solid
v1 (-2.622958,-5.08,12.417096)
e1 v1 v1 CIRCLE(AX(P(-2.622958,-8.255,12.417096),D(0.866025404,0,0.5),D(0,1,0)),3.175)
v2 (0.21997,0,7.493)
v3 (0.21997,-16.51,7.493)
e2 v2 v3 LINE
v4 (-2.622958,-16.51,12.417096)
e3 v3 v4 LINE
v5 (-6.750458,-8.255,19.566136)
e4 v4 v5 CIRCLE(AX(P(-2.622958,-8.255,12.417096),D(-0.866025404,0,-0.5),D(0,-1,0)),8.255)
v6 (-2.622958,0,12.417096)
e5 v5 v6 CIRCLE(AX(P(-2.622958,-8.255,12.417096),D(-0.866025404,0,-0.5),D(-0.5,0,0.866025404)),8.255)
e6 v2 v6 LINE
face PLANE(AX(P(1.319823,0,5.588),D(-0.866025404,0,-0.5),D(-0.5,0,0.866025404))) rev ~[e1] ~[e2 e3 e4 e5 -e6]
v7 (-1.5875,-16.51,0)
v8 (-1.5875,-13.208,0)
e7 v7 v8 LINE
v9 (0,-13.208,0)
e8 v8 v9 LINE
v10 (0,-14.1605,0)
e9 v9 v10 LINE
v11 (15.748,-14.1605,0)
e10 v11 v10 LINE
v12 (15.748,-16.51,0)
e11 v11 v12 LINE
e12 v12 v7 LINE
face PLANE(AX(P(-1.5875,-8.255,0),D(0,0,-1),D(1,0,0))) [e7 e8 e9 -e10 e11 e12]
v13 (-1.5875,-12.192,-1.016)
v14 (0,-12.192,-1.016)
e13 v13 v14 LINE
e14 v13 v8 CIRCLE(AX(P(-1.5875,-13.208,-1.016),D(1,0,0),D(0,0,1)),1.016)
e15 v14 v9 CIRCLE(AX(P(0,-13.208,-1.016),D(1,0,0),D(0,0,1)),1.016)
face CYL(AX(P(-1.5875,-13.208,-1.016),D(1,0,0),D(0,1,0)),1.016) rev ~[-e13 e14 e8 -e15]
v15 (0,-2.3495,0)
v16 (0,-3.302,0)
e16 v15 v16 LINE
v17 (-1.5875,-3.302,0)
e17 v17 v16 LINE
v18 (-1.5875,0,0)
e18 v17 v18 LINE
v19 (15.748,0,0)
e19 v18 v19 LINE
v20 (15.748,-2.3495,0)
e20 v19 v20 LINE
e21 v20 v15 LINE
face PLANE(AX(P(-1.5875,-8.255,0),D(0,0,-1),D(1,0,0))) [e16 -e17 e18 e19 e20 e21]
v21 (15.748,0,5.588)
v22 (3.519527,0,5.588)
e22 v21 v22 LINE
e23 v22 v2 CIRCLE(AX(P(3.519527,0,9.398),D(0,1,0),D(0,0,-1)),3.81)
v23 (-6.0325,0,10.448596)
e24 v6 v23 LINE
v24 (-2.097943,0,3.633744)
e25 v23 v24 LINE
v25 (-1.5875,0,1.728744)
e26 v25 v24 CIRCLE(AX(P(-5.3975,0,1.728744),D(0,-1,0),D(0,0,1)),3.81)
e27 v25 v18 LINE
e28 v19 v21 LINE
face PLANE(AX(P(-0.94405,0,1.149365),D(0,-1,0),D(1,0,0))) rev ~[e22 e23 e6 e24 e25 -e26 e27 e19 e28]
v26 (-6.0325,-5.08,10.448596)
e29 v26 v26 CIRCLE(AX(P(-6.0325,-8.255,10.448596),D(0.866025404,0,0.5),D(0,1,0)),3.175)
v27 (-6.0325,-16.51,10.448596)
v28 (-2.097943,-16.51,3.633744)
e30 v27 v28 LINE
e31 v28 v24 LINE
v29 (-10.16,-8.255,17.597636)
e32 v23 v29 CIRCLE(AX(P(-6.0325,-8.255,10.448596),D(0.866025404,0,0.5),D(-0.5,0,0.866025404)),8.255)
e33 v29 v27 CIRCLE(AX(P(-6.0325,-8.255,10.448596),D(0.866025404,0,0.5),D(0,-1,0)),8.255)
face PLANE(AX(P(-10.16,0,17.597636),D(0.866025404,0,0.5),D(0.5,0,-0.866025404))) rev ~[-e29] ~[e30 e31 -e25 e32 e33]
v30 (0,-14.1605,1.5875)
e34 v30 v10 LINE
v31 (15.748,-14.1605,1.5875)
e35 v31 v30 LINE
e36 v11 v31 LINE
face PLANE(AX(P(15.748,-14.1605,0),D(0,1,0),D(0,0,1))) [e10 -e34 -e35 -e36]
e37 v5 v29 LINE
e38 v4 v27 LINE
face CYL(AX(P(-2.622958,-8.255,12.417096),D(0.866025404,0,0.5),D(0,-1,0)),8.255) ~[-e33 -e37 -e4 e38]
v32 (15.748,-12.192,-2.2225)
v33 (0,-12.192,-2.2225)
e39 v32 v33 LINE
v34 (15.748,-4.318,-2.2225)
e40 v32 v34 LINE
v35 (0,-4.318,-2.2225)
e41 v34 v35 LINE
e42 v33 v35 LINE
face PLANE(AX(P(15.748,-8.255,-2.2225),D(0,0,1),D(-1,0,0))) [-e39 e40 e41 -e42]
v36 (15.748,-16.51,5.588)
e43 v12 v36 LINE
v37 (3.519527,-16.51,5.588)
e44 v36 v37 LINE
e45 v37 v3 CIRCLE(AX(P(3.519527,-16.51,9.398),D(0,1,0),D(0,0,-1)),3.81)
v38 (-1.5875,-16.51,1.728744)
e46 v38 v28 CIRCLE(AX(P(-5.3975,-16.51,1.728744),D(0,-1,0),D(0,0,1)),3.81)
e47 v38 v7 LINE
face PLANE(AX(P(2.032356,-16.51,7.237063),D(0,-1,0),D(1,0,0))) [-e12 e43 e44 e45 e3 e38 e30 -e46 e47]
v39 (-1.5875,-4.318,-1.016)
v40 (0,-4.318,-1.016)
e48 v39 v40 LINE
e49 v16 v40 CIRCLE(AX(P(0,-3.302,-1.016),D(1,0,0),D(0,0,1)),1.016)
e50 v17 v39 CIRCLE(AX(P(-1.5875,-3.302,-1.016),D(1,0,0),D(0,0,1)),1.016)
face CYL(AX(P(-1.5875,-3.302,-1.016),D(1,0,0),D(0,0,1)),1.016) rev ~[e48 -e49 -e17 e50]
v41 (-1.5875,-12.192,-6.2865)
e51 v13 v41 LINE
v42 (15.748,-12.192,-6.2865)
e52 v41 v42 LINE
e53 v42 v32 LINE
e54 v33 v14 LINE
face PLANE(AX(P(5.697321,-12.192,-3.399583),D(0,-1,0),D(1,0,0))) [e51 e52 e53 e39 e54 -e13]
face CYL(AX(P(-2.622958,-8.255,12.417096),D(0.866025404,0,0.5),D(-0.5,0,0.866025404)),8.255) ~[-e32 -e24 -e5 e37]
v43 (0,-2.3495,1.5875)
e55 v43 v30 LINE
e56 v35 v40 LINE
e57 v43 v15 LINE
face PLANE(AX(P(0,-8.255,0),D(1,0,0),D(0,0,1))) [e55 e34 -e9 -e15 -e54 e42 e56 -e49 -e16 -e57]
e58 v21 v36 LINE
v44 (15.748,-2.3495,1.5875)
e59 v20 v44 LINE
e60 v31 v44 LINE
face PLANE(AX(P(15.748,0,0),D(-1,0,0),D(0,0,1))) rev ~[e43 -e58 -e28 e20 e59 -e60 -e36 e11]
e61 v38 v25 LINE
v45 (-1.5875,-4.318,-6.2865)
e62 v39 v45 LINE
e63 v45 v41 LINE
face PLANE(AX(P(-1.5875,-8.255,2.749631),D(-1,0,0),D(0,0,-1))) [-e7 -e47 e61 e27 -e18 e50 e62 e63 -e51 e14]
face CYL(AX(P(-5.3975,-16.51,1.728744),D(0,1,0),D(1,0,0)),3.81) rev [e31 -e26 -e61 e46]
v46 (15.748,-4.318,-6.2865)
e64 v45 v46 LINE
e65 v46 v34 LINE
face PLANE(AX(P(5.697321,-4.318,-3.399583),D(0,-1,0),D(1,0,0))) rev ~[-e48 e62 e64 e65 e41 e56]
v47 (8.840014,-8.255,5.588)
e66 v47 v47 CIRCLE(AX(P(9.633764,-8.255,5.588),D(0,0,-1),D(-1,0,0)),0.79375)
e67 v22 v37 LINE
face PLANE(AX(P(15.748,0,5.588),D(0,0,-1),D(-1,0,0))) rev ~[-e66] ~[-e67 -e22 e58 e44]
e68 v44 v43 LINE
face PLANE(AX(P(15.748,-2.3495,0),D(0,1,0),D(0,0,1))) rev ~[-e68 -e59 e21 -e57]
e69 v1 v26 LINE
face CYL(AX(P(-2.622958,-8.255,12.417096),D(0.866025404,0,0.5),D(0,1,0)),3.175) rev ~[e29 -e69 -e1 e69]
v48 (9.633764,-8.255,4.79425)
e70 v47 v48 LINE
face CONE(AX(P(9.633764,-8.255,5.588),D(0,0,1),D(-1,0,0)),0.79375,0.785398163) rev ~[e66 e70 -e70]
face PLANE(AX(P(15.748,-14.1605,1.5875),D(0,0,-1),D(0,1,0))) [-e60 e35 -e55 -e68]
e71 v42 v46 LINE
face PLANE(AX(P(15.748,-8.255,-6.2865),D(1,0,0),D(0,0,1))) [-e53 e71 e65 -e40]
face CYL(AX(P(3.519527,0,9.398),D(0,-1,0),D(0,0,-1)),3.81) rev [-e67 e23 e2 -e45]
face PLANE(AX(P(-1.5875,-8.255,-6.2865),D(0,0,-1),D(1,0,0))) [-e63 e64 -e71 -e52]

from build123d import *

# Parameters (mm, degrees)
F1_DEPTH  = 16.51
F2_W      = 11.811
F2_H      = 1.5875
F3_DEPTH  = 25.909
F4_DEPTH  = 25.909
F5_R      = 3.175
F6_DEPTH  = 12.7368181024
F9_DEPTH  = 3.937
F11_DEPTH = 8.255
F12_R     = 1.016
F13_R     = 3.81
F18_DEPTH = 25.4


with BuildPart() as f1:
    # F0 (on Front) → F1 (new body)
    with BuildSketch(Plane.XZ):
        Polygon((0, 0), (15.748, 0), (15.748, 5.588), (1.3198227154, 5.588), (-6.7504579853, 19.5661362049), (-10.16, 17.5976362049), align=None)
    extrude(amount=F1_DEPTH)

    # F2 (on face) → F3 (cut, through all)
    with BuildSketch(Plane.YZ.offset(15.748)):
        with Locations((-8.255, 0.79375)):
            Rectangle(F2_W, F2_H)
    extrude(amount=-F3_DEPTH, mode=Mode.SUBTRACT)

    # F2 (on face) → F4 (cut, through all)
    with BuildSketch(Plane.YZ.offset(15.748)):
        with Locations((-8.255, 0.79375)):
            Rectangle(F2_W, F2_H)
    extrude(amount=-F4_DEPTH, mode=Mode.SUBTRACT)

    # F5 (on face) → F6 (cut, through all)
    with BuildSketch(Plane(origin=(3.4095420147, 0, 1.9685), x_dir=(0, 1, 0), z_dir=(0.8660254038, 0, 0.5))):
        with Locations((-8.255, 12.065)):
            Circle(F5_R)
    extrude(amount=-F6_DEPTH, mode=Mode.SUBTRACT)

    # F8 (on mid) → F9 (join, symmetric)
    with BuildSketch(Plane.XZ.offset(8.255)):
        Polygon((0, -2.2225), (0, 0), (-0.9165435523, 1.5875), (-1.5875, 2.749630657), (-1.5875, -6.2865), (15.748, -6.2865), (15.748, -2.2225), align=None)
    extrude(amount=F9_DEPTH, both=True)

    # F10 (on mid) → F11 (join, symmetric)
    with BuildSketch(Plane.XZ.offset(8.255)):
        Polygon((-1.5875, 0), (0, 0), (0, 1.5875), (-0.9165435523, 1.5875), (-1.5875, 2.749630657), align=None)
    extrude(amount=F11_DEPTH, both=True)

    # F12
    f12_edges = [f1.edges().sort_by_distance(p)[0] for p in [
        (-0.79375, -4.318, 0),
        (-0.79375, -12.192, 0),
    ]]
    fillet(f12_edges, radius=F12_R)

    # F13
    f13_edges = [f1.edges().sort_by_distance(p)[0] for p in [
        (-1.5875, -8.255, 2.749631),
        (1.319823, -8.255, 5.588),
    ]]
    fillet(f13_edges, radius=F13_R)

    # F15 (on mid) → F16 (revolve, cut)
    with BuildSketch(Plane.XZ.offset(8.255)):
        Polygon((9.6337636205, 4.79425), (9.6337636205, 5.588), (8.8400136205, 5.588), align=None)
    revolve(axis=Axis((9.6337636205, -8.255, 5.191125), (0, 0, -1)), mode=Mode.SUBTRACT)

    # F17 (on face) → F18 (cut)
    with BuildSketch(Plane(origin=(3.4095420147, 0, 1.9685), x_dir=(0, 1, 0), z_dir=(0.8660254038, 0, 0.5))):
        with BuildLine():
            Line((-16.51, 20.32), (-16.51, 12.065))
            ThreePointArc((-16.51, 12.065), (-14.0921664787, 17.9021664787), (-8.255, 20.32))
            Line((-8.255, 20.32), (-16.51, 20.32))
        make_face()
        with BuildLine():
            Line((0, 20.32), (-8.255, 20.32))
            ThreePointArc((-8.255, 20.32), (-2.4178335213, 17.9021664787), (0, 12.065))
            Line((0, 12.065), (0, 20.32))
        make_face()
    extrude(amount=-F18_DEPTH, mode=Mode.SUBTRACT)


solid = f1.part
